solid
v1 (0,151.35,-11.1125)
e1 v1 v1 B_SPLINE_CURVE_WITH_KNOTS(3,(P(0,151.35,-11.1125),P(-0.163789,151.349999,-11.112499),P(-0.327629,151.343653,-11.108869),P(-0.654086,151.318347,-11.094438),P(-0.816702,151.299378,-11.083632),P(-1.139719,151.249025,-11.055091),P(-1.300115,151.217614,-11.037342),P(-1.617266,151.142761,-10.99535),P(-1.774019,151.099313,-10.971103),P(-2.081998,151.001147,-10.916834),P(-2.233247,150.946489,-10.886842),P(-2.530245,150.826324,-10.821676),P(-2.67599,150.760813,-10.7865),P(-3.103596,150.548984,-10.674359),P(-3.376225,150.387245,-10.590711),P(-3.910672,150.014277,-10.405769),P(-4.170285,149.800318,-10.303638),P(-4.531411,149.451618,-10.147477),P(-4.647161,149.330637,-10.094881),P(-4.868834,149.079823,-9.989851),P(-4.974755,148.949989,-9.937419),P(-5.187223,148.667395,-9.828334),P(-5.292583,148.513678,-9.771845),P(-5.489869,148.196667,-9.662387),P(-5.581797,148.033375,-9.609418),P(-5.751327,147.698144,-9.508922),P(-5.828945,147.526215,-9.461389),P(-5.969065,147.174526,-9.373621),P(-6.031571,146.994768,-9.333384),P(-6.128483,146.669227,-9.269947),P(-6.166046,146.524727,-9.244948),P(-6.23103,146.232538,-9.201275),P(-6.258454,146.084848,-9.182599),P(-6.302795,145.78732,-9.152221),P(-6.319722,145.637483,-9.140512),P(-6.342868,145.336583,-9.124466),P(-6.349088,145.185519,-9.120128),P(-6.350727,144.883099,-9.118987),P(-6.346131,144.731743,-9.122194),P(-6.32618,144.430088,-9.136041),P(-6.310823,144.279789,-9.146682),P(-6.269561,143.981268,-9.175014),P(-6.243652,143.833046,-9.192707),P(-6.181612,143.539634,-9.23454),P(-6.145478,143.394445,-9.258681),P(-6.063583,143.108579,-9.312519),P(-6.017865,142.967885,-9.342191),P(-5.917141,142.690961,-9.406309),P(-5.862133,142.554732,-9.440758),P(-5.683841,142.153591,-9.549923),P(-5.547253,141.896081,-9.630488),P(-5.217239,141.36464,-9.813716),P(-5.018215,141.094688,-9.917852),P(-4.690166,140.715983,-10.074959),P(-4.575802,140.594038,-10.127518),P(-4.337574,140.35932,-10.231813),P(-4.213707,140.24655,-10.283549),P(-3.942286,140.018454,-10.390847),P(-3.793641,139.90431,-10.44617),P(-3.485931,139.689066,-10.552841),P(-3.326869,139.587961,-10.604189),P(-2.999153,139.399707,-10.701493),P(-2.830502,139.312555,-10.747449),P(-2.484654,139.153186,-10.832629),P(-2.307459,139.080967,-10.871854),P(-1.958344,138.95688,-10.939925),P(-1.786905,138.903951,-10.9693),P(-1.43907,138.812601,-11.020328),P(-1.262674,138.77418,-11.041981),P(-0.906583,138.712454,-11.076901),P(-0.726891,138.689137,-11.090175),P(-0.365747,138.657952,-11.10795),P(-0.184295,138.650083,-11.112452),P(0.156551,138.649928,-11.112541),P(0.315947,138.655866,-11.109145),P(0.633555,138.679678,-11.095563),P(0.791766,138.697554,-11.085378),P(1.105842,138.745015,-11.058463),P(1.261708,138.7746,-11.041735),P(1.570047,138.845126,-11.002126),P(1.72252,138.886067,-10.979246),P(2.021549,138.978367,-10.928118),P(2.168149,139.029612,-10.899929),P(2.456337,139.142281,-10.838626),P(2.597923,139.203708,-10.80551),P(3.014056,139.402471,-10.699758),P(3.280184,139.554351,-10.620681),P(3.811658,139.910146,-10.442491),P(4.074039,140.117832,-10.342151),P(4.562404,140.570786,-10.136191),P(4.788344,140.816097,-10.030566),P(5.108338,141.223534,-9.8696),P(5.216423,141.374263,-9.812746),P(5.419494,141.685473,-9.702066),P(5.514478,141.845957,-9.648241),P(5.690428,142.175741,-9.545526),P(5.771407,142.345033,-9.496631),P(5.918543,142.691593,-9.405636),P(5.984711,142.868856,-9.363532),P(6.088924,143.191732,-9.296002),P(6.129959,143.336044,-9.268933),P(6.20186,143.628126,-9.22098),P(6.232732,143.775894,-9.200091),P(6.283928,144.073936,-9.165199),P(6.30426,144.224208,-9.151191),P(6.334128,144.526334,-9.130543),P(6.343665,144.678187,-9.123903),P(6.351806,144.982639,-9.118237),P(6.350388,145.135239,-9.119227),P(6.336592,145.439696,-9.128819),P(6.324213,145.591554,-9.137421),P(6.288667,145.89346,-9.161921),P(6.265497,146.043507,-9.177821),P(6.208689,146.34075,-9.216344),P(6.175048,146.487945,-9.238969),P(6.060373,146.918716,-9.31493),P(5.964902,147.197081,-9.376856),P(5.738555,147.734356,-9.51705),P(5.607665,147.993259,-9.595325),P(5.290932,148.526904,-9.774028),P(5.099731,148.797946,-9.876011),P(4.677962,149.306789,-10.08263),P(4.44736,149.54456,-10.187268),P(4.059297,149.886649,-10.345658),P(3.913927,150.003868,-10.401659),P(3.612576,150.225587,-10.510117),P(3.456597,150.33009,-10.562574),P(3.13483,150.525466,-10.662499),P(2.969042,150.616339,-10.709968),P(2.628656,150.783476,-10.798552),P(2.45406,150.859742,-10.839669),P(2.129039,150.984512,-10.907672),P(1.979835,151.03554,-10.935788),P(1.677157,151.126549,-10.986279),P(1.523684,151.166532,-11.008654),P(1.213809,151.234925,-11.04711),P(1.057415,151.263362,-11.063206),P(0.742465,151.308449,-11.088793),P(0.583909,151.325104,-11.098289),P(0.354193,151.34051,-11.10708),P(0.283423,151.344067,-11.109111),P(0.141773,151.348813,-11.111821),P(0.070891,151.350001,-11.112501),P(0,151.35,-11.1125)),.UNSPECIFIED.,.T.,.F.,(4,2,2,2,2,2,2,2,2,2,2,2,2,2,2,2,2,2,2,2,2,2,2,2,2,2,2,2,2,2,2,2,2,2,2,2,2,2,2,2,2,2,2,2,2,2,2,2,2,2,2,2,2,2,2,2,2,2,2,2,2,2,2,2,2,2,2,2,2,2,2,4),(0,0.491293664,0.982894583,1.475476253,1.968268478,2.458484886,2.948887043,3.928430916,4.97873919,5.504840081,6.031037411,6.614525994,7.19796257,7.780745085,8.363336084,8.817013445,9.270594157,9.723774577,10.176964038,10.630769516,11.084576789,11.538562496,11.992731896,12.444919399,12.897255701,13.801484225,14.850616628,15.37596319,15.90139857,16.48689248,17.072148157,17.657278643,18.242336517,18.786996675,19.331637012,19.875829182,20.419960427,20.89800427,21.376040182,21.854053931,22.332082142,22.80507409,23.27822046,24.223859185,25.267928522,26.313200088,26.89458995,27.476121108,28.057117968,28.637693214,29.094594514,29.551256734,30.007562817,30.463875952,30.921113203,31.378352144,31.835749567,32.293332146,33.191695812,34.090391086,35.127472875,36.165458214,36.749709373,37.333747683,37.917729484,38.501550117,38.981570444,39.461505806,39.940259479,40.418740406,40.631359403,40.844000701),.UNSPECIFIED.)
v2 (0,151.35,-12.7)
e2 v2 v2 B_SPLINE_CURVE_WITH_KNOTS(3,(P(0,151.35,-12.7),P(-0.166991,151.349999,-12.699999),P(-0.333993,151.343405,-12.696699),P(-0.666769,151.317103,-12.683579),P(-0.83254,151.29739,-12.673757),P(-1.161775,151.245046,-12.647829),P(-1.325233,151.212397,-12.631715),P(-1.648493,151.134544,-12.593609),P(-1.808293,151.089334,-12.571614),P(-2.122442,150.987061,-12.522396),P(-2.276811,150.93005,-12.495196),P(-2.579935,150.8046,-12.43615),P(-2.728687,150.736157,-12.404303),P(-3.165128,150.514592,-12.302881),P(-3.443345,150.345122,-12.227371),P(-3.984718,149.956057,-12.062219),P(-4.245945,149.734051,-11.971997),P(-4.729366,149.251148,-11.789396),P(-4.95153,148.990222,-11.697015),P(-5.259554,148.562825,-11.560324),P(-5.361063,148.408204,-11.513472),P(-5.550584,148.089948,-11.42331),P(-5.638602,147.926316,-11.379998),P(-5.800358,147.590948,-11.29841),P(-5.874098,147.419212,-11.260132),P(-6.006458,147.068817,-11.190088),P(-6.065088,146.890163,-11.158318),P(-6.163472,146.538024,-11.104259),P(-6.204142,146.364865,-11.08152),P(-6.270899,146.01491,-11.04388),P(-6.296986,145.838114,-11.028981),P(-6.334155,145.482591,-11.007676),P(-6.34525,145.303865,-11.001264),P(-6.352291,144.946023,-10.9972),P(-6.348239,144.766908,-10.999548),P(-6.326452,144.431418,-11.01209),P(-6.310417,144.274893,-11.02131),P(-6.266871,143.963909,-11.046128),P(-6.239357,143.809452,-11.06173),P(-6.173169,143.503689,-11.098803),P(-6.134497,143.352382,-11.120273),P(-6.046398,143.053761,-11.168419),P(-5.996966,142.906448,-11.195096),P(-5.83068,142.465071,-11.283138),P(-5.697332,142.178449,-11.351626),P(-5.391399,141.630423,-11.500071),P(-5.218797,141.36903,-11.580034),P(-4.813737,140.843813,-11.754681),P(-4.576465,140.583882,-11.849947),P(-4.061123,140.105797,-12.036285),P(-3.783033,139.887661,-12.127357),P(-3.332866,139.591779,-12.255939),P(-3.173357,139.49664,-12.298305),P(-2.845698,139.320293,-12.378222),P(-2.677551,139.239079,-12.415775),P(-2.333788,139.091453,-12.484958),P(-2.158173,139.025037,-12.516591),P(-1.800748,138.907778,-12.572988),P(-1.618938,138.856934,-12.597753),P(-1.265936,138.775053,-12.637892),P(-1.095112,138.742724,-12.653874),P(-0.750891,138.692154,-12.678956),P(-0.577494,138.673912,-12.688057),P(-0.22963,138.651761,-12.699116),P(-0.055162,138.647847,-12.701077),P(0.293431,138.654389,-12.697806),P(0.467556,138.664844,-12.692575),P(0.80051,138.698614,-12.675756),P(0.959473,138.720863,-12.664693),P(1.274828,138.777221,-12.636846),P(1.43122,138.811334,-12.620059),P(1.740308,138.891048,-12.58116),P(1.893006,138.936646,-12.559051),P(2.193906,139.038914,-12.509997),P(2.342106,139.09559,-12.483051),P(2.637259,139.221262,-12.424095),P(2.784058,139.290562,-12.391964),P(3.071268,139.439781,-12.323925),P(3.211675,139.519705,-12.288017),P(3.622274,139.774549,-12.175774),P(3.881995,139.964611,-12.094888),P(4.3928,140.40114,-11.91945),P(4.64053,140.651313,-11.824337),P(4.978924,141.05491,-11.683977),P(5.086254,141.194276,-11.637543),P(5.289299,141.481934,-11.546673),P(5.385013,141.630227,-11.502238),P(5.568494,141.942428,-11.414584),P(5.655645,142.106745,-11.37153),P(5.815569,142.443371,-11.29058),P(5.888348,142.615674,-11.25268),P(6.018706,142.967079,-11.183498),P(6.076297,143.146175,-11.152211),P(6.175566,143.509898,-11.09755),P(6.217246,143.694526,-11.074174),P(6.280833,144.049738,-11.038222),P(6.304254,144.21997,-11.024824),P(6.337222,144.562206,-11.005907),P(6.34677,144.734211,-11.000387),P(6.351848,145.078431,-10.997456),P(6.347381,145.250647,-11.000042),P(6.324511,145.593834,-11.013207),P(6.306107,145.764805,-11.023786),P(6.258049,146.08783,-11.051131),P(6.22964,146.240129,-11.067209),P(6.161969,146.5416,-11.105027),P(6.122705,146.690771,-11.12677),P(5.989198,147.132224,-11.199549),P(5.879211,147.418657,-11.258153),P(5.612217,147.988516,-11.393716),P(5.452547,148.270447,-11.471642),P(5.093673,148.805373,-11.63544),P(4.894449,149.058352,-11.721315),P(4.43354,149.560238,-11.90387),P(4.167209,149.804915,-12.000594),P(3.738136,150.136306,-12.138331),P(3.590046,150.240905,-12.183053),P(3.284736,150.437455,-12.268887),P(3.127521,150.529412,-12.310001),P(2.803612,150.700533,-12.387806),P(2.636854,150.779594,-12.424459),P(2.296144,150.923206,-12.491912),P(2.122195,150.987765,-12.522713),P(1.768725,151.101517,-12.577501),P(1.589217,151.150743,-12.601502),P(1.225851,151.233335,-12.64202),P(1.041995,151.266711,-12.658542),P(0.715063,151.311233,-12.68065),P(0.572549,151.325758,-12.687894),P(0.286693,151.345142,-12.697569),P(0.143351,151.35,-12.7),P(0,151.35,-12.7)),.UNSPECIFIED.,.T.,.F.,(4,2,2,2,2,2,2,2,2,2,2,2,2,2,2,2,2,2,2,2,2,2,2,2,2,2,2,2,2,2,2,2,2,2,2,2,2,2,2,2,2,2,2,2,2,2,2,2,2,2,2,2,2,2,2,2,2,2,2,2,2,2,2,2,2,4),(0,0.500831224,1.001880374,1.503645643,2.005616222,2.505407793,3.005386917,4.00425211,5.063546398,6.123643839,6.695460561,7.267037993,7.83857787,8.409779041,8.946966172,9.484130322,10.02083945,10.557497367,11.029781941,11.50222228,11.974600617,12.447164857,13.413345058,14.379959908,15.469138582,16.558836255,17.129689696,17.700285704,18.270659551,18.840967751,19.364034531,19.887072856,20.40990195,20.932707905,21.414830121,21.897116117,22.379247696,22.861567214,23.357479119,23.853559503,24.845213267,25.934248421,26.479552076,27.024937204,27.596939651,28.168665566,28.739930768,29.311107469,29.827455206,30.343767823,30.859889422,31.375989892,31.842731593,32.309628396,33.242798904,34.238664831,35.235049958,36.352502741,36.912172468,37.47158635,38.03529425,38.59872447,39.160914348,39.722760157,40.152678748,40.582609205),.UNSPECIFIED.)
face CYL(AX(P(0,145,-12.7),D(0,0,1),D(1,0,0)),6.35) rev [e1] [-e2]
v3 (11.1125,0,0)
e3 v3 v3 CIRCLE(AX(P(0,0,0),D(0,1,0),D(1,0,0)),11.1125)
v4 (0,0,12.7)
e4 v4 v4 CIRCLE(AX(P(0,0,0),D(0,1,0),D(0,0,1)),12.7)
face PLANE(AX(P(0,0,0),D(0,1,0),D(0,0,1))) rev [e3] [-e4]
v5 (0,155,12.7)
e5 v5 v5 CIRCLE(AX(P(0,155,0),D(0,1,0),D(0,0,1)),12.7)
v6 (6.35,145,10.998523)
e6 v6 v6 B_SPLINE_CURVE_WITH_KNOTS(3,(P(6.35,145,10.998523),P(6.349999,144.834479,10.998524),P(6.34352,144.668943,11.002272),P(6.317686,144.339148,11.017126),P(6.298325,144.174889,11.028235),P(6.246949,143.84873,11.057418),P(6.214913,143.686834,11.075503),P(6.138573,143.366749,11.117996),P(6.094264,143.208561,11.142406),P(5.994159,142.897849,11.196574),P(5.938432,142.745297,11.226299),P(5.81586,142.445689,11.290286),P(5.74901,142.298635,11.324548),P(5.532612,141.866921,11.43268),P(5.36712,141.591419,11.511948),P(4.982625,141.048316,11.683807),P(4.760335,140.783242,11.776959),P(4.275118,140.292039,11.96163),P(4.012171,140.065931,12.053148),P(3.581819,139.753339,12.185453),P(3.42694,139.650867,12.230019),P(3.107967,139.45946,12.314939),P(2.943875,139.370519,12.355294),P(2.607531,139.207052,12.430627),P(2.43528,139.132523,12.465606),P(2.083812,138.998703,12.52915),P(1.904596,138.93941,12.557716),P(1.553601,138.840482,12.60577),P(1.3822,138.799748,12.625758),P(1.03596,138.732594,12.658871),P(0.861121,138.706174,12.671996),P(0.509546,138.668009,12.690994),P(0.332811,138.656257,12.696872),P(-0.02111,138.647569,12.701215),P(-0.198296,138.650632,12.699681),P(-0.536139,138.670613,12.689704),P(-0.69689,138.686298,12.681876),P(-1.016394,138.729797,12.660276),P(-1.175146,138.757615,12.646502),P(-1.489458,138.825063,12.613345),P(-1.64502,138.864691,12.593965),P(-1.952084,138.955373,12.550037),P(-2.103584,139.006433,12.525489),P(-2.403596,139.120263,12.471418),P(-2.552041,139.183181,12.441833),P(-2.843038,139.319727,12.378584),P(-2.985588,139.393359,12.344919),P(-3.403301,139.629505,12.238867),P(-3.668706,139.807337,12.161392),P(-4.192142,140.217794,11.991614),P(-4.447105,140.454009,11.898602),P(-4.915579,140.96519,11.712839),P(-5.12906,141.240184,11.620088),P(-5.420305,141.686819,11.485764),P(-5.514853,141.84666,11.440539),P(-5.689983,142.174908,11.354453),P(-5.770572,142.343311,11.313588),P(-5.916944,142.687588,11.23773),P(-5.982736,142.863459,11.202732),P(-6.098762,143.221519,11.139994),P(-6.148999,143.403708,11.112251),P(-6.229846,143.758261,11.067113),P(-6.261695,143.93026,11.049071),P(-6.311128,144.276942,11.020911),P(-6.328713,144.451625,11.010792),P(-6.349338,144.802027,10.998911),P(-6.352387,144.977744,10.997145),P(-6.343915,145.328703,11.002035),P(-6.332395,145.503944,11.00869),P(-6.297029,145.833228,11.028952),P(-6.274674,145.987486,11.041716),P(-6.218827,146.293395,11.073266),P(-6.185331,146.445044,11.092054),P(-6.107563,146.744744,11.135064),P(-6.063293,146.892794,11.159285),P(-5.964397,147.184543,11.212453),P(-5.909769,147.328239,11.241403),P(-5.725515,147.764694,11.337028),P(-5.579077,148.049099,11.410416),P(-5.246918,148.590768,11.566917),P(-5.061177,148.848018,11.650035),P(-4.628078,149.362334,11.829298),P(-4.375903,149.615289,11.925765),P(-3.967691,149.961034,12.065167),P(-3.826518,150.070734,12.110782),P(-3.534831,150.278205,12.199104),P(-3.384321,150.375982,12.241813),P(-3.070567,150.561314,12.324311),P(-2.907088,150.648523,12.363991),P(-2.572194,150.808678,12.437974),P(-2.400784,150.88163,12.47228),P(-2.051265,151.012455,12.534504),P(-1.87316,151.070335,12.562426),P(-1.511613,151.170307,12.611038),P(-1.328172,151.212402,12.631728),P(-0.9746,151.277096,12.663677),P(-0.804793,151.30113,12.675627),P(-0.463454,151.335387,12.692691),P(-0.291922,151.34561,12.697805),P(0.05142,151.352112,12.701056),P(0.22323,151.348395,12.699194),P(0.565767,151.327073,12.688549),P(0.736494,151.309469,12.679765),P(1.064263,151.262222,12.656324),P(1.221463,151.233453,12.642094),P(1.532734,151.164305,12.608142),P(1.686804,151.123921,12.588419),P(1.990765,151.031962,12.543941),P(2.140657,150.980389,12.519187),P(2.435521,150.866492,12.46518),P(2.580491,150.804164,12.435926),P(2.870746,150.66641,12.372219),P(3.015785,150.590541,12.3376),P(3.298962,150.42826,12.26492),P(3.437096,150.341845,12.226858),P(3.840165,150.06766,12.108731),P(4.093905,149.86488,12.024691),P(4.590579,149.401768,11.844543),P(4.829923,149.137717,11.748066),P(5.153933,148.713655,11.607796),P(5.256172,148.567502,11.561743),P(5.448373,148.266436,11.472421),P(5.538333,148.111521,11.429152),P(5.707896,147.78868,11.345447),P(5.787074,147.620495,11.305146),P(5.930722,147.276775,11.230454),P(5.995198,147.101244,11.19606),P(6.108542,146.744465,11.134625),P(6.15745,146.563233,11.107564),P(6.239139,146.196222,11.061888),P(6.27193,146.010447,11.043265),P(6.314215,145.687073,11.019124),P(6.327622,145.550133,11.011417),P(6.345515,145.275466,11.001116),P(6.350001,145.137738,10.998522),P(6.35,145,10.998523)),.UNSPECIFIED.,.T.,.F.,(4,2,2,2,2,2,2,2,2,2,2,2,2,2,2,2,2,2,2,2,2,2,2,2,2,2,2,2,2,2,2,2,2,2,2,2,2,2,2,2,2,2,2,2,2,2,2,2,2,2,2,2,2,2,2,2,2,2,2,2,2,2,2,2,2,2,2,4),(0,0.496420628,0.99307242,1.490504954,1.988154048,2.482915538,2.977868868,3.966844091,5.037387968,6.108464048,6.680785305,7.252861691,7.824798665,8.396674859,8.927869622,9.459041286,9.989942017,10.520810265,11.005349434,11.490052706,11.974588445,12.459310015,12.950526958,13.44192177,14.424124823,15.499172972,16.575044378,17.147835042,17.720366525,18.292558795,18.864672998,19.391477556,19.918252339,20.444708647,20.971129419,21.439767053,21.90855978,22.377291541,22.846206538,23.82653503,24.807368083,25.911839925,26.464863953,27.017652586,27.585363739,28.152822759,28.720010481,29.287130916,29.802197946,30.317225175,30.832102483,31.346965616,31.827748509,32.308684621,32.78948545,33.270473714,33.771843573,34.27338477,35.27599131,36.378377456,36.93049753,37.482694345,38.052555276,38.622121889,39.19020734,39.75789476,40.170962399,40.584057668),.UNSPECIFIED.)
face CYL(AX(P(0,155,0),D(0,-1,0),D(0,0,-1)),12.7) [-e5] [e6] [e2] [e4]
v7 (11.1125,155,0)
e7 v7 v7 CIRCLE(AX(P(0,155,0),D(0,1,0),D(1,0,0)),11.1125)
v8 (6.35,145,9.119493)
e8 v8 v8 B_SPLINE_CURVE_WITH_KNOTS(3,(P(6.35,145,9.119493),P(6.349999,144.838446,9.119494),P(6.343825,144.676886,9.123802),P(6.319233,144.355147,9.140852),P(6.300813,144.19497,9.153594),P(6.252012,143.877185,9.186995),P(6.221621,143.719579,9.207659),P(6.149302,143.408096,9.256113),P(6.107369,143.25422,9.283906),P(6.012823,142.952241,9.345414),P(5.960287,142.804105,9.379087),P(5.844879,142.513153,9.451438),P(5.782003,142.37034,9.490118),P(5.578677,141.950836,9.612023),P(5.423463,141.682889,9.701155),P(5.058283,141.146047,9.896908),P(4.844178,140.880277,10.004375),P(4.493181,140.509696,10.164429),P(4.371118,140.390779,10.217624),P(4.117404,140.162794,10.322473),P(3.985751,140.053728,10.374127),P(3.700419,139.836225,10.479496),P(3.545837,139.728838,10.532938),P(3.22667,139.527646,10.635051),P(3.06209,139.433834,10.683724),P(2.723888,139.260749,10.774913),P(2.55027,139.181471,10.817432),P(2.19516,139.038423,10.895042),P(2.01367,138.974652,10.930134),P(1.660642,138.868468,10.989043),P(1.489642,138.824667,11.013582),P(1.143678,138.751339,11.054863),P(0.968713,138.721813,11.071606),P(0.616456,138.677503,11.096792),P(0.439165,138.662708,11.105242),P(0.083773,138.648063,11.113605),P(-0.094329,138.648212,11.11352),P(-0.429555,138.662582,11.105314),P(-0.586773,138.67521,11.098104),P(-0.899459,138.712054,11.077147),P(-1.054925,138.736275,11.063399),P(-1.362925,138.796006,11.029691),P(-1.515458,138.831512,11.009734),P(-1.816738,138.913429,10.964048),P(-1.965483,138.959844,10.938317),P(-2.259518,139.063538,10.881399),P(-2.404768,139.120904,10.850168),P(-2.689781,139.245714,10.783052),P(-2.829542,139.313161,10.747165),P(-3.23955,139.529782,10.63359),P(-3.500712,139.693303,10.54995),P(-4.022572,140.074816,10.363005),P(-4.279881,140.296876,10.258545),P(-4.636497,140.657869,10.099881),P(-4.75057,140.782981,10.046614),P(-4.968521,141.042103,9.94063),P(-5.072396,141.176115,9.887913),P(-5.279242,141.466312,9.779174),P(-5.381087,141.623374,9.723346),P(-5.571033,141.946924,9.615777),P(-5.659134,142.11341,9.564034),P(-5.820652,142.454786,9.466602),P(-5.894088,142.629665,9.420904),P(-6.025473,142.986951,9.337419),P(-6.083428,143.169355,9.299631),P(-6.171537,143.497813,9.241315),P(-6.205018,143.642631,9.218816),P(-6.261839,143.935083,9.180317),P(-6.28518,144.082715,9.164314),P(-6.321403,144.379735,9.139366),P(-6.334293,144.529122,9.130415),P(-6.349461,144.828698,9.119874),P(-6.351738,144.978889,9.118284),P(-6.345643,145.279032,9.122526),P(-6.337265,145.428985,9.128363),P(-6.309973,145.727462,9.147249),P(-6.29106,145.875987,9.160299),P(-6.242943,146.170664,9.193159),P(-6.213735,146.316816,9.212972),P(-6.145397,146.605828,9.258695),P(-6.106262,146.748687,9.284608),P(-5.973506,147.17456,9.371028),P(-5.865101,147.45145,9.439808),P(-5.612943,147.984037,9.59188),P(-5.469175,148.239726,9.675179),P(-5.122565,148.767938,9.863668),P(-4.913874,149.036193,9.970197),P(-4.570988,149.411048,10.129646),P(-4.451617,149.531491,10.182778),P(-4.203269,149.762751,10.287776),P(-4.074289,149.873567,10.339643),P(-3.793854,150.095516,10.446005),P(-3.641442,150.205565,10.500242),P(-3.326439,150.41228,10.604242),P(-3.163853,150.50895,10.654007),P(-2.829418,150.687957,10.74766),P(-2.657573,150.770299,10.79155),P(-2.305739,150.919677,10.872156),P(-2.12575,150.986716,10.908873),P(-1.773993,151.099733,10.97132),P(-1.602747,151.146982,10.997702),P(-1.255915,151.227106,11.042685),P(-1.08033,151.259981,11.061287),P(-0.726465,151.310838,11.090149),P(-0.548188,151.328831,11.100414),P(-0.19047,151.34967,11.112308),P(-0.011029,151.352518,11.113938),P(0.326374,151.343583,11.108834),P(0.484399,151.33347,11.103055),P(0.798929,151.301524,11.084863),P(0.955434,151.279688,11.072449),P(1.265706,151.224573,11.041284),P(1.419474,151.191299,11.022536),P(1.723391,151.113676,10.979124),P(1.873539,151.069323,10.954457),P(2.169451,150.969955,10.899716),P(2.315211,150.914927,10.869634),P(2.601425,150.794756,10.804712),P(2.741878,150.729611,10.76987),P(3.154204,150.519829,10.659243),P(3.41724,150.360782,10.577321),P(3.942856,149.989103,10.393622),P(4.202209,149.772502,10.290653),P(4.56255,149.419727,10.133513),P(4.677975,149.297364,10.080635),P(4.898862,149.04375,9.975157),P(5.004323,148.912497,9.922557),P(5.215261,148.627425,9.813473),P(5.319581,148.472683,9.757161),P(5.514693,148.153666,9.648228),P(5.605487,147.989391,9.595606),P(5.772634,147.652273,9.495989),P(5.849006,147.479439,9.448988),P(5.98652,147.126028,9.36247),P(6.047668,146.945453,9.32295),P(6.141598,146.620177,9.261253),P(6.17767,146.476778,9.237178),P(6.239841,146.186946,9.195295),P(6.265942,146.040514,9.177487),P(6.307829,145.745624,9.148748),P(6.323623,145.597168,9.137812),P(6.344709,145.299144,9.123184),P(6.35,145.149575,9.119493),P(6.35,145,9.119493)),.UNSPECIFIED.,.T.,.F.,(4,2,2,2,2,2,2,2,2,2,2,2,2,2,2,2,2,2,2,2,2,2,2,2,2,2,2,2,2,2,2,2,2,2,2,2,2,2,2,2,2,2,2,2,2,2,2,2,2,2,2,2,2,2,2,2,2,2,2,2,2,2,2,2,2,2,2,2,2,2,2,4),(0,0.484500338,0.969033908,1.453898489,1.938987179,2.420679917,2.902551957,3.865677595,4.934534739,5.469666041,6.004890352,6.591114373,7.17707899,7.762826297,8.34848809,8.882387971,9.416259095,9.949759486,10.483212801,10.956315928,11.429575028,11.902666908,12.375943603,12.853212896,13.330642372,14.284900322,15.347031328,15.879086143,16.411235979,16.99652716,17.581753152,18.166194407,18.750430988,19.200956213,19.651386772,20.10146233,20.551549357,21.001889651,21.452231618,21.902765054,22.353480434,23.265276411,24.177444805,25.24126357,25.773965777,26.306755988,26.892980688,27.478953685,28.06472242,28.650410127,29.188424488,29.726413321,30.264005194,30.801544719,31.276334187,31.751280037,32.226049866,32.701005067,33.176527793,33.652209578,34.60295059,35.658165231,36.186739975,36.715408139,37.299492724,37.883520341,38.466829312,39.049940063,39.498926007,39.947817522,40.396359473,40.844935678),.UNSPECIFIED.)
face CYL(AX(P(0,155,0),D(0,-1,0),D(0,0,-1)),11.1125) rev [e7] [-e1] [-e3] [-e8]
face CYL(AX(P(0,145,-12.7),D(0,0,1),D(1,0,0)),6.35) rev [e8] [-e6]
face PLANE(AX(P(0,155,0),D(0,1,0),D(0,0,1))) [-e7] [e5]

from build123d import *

# Parameters (mm, degrees)
SKETCH1_R               = 12.7
SKETCH1_R_2             = 11.1125
EXTRUDE_THIN1_DEPTH     = 155
SKETCH2_R               = 6.35
CUT_EXTRUDE1_DEPTH      = 13.7
CUT_EXTRUDE1_DEPTH_BACK = 13.7


with BuildPart() as part:
    # Sketch1 → Extrude-Thin1 (new body)
    with BuildSketch(Plane(origin=(0, 0, 0), x_dir=(1, 0, 0), z_dir=(0, 1, 0))):
        Circle(SKETCH1_R)
        Circle(SKETCH1_R_2, mode=Mode.SUBTRACT)
    extrude(amount=EXTRUDE_THIN1_DEPTH)

    # Sketch2 → Cut-Extrude1 (cut, two sides)
    with BuildSketch(Plane.XY) as cut_extrude1_sk:
        with Locations((0, 145)):
            Circle(SKETCH2_R)
    extrude(amount=CUT_EXTRUDE1_DEPTH, mode=Mode.SUBTRACT)
    extrude(cut_extrude1_sk.sketch, amount=-CUT_EXTRUDE1_DEPTH_BACK, mode=Mode.SUBTRACT)


solid = part.part
